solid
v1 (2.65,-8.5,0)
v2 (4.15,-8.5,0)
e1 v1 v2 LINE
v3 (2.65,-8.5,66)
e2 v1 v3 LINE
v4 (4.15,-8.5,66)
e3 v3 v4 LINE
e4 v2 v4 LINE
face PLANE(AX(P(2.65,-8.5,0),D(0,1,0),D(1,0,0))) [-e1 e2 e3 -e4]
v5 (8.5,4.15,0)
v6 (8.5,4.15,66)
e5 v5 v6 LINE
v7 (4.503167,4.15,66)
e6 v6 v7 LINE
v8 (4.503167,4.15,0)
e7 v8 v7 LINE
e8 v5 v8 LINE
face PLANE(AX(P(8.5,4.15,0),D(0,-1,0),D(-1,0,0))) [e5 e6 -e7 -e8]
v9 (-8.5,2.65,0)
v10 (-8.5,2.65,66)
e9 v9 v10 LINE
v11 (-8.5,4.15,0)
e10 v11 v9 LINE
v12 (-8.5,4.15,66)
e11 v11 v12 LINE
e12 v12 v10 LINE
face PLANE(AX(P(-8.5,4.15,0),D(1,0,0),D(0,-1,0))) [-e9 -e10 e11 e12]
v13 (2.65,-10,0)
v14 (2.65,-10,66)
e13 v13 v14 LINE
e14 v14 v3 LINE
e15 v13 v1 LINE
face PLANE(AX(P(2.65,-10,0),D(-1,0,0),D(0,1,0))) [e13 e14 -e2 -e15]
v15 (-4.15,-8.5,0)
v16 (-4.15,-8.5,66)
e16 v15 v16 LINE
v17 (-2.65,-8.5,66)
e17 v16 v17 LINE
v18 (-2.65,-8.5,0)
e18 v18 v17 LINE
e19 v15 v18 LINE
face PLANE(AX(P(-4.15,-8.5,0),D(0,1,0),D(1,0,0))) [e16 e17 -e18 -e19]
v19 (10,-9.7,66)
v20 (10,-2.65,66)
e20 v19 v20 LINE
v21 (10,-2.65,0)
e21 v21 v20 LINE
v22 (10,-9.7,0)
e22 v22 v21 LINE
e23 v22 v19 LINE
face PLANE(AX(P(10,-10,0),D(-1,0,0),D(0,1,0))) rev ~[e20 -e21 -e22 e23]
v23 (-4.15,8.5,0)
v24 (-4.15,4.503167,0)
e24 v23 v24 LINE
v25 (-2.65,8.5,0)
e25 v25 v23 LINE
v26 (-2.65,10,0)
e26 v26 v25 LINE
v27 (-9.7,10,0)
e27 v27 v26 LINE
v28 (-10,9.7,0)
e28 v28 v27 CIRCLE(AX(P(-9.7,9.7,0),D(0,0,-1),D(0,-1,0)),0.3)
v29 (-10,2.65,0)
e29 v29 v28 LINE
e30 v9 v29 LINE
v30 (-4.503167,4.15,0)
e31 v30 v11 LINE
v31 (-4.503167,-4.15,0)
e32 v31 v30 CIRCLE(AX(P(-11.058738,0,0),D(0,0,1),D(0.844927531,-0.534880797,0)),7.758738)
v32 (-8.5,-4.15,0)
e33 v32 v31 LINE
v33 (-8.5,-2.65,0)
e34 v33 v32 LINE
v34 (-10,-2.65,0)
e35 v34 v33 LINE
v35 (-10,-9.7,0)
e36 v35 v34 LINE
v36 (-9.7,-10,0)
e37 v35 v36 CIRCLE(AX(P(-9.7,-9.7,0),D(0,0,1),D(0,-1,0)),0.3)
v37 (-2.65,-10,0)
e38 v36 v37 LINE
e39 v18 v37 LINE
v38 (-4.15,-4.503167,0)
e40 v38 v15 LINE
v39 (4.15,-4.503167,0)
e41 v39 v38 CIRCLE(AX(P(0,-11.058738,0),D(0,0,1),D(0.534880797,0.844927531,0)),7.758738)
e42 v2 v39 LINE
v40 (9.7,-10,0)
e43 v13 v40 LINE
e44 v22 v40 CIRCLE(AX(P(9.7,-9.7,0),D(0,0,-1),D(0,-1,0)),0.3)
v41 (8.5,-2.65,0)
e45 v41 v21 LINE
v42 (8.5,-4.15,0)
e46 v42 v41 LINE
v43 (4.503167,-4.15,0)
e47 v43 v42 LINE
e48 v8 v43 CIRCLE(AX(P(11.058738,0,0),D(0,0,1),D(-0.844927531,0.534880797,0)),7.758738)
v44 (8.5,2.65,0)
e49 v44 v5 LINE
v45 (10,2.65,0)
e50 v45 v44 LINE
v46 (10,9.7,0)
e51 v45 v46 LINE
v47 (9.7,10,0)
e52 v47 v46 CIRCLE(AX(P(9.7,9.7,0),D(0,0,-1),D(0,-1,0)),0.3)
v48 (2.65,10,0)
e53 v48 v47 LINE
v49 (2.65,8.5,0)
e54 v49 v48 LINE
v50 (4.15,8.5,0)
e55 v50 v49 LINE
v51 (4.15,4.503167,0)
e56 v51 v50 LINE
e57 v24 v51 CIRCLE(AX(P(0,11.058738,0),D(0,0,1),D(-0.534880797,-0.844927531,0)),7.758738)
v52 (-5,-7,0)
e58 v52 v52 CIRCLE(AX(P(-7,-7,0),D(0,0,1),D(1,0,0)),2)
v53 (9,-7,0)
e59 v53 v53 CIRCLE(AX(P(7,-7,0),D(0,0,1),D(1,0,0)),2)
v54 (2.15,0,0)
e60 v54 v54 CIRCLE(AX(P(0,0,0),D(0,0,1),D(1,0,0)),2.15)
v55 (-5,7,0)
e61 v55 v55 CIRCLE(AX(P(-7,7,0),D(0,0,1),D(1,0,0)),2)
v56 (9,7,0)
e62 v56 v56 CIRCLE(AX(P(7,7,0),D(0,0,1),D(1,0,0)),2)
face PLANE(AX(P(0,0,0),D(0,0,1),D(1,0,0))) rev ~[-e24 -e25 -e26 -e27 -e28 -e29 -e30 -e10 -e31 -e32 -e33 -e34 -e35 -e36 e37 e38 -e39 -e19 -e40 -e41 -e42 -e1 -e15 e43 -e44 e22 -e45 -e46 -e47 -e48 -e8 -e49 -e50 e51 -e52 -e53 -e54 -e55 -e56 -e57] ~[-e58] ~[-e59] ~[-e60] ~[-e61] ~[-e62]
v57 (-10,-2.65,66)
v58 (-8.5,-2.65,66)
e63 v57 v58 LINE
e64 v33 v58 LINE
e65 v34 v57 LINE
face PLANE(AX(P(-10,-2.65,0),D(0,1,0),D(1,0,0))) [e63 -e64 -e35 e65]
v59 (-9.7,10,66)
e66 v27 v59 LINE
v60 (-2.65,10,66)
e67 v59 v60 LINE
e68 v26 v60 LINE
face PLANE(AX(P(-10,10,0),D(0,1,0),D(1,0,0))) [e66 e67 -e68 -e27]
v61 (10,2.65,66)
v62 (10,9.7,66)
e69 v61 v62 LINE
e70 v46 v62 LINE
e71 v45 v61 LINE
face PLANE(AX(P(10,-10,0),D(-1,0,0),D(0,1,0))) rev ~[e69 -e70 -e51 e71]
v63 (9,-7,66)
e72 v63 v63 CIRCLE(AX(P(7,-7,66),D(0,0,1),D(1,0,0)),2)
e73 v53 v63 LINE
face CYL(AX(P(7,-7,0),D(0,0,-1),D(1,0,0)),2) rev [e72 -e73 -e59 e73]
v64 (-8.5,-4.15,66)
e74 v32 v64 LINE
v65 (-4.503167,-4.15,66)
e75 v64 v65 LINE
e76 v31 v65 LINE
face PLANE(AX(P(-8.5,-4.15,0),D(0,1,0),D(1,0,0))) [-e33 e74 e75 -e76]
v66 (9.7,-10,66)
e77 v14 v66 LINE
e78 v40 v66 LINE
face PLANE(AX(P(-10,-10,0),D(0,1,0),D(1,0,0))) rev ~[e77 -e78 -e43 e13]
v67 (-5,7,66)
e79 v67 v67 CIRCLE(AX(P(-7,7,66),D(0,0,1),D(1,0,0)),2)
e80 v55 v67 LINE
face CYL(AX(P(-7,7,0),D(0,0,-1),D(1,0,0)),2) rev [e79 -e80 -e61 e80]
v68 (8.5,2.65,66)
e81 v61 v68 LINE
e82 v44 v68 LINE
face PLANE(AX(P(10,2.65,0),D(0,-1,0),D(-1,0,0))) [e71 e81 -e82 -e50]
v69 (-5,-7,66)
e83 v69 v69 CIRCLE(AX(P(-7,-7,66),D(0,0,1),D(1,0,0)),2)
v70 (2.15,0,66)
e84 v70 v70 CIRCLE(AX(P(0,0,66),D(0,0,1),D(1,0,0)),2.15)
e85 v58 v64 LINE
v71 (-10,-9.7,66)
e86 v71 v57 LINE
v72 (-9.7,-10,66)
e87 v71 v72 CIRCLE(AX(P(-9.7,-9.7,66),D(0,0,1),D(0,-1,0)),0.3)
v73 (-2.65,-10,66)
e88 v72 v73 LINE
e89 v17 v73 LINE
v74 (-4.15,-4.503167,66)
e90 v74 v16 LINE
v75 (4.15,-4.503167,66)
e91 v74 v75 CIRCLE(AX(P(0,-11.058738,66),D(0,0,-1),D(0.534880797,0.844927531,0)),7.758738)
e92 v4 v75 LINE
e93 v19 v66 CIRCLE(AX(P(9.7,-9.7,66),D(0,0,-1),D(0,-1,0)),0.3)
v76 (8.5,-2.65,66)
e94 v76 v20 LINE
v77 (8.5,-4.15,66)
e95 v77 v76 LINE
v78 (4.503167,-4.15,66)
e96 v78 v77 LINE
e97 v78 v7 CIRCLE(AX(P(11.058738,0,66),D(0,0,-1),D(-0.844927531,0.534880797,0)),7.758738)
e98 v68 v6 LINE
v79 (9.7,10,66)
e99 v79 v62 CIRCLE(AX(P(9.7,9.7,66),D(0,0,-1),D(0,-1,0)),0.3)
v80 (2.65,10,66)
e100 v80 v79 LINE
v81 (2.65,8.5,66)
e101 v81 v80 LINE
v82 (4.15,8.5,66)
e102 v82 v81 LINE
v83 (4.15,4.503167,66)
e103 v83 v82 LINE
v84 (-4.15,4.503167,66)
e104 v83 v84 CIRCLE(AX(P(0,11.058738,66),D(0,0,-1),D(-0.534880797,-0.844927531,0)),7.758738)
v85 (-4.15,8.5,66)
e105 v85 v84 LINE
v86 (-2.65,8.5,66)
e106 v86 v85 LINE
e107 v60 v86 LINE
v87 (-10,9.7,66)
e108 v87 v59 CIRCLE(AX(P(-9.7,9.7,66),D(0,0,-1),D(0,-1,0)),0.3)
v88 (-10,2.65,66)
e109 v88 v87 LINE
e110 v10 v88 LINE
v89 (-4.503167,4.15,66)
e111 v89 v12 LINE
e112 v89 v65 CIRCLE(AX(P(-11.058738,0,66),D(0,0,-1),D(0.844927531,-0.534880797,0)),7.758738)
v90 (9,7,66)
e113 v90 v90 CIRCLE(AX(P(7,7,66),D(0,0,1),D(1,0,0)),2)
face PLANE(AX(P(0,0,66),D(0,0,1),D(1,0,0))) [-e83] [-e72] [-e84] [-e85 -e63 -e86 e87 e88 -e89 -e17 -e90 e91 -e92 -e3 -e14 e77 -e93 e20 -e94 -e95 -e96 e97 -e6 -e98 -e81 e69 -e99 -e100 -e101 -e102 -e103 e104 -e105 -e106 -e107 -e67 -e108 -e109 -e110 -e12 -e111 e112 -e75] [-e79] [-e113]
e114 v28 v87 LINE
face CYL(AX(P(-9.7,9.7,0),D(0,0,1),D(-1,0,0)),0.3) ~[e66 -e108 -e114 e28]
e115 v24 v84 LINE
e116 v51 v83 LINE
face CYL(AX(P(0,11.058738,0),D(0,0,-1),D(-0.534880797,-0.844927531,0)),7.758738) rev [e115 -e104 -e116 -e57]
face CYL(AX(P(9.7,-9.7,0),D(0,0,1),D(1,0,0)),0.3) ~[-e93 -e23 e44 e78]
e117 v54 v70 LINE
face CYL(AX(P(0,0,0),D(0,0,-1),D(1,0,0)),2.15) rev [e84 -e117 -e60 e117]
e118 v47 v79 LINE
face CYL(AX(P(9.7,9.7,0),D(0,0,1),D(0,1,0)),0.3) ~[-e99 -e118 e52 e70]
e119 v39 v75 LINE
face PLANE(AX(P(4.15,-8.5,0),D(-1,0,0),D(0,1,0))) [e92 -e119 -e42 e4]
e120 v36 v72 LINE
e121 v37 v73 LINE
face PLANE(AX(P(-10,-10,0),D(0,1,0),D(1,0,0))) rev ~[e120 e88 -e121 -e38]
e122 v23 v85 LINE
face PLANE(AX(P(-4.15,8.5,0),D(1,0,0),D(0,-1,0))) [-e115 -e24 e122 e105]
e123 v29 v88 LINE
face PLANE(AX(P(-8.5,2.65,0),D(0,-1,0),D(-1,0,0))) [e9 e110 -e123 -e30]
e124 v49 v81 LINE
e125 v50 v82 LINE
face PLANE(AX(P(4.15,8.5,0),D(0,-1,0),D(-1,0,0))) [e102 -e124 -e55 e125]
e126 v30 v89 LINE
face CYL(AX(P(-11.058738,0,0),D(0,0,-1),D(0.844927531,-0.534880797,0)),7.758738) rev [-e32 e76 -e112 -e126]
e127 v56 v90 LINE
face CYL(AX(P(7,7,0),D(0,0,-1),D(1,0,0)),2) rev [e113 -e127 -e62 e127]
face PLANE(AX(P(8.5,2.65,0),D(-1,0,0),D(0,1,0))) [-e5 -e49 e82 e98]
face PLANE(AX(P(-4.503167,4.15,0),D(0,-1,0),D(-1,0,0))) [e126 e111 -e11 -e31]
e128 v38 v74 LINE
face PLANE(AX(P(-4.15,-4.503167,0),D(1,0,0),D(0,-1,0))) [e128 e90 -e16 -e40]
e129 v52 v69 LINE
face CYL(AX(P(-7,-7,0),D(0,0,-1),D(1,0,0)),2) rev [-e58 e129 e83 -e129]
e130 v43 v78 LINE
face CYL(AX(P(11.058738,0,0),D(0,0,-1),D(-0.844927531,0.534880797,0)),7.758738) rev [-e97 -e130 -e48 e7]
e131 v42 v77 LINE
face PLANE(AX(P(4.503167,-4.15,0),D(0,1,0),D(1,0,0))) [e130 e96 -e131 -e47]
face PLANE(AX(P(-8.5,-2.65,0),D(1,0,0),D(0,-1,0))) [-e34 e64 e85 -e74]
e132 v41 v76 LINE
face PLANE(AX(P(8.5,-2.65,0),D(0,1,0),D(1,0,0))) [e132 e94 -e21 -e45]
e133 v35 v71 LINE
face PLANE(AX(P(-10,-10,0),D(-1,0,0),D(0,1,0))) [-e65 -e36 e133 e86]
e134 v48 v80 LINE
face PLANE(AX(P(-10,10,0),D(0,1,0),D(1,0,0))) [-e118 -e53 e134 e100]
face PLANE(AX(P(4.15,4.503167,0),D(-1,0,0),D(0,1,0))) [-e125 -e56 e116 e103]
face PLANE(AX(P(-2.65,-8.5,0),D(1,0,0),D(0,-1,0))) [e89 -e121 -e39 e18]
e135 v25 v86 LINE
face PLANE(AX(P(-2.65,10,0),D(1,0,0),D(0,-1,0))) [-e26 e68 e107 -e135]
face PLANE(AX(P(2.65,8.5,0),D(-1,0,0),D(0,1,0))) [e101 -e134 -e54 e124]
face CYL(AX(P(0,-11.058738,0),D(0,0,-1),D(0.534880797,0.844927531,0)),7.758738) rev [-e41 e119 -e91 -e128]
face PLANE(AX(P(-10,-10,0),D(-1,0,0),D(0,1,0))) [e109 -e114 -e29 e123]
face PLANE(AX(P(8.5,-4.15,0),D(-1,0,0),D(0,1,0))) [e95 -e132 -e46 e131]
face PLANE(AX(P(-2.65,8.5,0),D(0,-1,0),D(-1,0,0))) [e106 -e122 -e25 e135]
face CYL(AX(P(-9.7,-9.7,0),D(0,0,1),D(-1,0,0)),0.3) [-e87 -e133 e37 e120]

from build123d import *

# Parameters (mm, degrees)
SKETCH_1_W               = 20
SKETCH_1_H               = 20
SKETCH_1_R               = 2
SKETCH_1_R_2             = 2.15
EXTRUDE_1_DEPTH          = 66
CUT_EXTRUDE_1_REACH      = 69.498
PATTERN_CIRCULAR_1_COUNT = 4
FILLET_1_R               = 0.3


with BuildPart() as part:
    # 스케치1 → 보스-돌출1 (new body)
    with BuildSketch(Plane.XY):
        Rectangle(SKETCH_1_W, SKETCH_1_H)
        with Locations((-7, -7)):
            Circle(SKETCH_1_R, mode=Mode.SUBTRACT)
        with Locations((7, -7)):
            Circle(SKETCH_1_R, mode=Mode.SUBTRACT)
        with Locations((-7, 7)):
            Circle(SKETCH_1_R, mode=Mode.SUBTRACT)
        Circle(SKETCH_1_R_2, mode=Mode.SUBTRACT)
        with Locations((7, 7)):
            Circle(SKETCH_1_R, mode=Mode.SUBTRACT)
    extrude(amount=EXTRUDE_1_DEPTH)

    # 스케치1<3> → 컷-돌출1 (cut, up to next)
    with BuildSketch(Plane.XY, mode=Mode.PRIVATE) as cut_extrude_1_sk1:
        with BuildLine():
            Line((-8.5, 2.65), (-10, 2.65))
            Line((-10, 2.65), (-10, -2.65))
            Line((-10, -2.65), (-8.5, -2.65))
            Line((-8.5, -2.65), (-8.5, -4.15))
            Line((-8.5, -4.15), (-4.503166667, -4.15))
            ThreePointArc((-4.503166667, -4.15), (-3.3, 0), (-4.503166667, 4.15))
            Line((-4.503166667, 4.15), (-8.5, 4.15))
            Line((-8.5, 4.15), (-8.5, 2.65))
        make_face()
    cut_extrude_1_tool1 = extrude(cut_extrude_1_sk1.sketch, amount=CUT_EXTRUDE_1_REACH, mode=Mode.PRIVATE) & part.part
    cut_extrude_1 = cut_extrude_1_tool1.solids().sort_by_distance((-6.606913, 0, 0))[0]
    add(cut_extrude_1, mode=Mode.SUBTRACT)

    # 원형 패턴1: 컷-돌출1 ×4 about axis
    pattern_circular_1_axis = Axis((0, 0, 66), (0, 0, -1))
    for i in range(1, PATTERN_CIRCULAR_1_COUNT):
        add(cut_extrude_1.rotate(pattern_circular_1_axis, i * 360 / PATTERN_CIRCULAR_1_COUNT), mode=Mode.SUBTRACT)

    # 필렛1
    fillet_1_edges = [part.edges().sort_by_distance(p)[0] for p in [
        (10, -10, 33),
        (-10, -10, 33),
        (-10, 10, 33),
        (10, 10, 33),
    ]]
    fillet(fillet_1_edges, radius=FILLET_1_R)


solid = part.part
